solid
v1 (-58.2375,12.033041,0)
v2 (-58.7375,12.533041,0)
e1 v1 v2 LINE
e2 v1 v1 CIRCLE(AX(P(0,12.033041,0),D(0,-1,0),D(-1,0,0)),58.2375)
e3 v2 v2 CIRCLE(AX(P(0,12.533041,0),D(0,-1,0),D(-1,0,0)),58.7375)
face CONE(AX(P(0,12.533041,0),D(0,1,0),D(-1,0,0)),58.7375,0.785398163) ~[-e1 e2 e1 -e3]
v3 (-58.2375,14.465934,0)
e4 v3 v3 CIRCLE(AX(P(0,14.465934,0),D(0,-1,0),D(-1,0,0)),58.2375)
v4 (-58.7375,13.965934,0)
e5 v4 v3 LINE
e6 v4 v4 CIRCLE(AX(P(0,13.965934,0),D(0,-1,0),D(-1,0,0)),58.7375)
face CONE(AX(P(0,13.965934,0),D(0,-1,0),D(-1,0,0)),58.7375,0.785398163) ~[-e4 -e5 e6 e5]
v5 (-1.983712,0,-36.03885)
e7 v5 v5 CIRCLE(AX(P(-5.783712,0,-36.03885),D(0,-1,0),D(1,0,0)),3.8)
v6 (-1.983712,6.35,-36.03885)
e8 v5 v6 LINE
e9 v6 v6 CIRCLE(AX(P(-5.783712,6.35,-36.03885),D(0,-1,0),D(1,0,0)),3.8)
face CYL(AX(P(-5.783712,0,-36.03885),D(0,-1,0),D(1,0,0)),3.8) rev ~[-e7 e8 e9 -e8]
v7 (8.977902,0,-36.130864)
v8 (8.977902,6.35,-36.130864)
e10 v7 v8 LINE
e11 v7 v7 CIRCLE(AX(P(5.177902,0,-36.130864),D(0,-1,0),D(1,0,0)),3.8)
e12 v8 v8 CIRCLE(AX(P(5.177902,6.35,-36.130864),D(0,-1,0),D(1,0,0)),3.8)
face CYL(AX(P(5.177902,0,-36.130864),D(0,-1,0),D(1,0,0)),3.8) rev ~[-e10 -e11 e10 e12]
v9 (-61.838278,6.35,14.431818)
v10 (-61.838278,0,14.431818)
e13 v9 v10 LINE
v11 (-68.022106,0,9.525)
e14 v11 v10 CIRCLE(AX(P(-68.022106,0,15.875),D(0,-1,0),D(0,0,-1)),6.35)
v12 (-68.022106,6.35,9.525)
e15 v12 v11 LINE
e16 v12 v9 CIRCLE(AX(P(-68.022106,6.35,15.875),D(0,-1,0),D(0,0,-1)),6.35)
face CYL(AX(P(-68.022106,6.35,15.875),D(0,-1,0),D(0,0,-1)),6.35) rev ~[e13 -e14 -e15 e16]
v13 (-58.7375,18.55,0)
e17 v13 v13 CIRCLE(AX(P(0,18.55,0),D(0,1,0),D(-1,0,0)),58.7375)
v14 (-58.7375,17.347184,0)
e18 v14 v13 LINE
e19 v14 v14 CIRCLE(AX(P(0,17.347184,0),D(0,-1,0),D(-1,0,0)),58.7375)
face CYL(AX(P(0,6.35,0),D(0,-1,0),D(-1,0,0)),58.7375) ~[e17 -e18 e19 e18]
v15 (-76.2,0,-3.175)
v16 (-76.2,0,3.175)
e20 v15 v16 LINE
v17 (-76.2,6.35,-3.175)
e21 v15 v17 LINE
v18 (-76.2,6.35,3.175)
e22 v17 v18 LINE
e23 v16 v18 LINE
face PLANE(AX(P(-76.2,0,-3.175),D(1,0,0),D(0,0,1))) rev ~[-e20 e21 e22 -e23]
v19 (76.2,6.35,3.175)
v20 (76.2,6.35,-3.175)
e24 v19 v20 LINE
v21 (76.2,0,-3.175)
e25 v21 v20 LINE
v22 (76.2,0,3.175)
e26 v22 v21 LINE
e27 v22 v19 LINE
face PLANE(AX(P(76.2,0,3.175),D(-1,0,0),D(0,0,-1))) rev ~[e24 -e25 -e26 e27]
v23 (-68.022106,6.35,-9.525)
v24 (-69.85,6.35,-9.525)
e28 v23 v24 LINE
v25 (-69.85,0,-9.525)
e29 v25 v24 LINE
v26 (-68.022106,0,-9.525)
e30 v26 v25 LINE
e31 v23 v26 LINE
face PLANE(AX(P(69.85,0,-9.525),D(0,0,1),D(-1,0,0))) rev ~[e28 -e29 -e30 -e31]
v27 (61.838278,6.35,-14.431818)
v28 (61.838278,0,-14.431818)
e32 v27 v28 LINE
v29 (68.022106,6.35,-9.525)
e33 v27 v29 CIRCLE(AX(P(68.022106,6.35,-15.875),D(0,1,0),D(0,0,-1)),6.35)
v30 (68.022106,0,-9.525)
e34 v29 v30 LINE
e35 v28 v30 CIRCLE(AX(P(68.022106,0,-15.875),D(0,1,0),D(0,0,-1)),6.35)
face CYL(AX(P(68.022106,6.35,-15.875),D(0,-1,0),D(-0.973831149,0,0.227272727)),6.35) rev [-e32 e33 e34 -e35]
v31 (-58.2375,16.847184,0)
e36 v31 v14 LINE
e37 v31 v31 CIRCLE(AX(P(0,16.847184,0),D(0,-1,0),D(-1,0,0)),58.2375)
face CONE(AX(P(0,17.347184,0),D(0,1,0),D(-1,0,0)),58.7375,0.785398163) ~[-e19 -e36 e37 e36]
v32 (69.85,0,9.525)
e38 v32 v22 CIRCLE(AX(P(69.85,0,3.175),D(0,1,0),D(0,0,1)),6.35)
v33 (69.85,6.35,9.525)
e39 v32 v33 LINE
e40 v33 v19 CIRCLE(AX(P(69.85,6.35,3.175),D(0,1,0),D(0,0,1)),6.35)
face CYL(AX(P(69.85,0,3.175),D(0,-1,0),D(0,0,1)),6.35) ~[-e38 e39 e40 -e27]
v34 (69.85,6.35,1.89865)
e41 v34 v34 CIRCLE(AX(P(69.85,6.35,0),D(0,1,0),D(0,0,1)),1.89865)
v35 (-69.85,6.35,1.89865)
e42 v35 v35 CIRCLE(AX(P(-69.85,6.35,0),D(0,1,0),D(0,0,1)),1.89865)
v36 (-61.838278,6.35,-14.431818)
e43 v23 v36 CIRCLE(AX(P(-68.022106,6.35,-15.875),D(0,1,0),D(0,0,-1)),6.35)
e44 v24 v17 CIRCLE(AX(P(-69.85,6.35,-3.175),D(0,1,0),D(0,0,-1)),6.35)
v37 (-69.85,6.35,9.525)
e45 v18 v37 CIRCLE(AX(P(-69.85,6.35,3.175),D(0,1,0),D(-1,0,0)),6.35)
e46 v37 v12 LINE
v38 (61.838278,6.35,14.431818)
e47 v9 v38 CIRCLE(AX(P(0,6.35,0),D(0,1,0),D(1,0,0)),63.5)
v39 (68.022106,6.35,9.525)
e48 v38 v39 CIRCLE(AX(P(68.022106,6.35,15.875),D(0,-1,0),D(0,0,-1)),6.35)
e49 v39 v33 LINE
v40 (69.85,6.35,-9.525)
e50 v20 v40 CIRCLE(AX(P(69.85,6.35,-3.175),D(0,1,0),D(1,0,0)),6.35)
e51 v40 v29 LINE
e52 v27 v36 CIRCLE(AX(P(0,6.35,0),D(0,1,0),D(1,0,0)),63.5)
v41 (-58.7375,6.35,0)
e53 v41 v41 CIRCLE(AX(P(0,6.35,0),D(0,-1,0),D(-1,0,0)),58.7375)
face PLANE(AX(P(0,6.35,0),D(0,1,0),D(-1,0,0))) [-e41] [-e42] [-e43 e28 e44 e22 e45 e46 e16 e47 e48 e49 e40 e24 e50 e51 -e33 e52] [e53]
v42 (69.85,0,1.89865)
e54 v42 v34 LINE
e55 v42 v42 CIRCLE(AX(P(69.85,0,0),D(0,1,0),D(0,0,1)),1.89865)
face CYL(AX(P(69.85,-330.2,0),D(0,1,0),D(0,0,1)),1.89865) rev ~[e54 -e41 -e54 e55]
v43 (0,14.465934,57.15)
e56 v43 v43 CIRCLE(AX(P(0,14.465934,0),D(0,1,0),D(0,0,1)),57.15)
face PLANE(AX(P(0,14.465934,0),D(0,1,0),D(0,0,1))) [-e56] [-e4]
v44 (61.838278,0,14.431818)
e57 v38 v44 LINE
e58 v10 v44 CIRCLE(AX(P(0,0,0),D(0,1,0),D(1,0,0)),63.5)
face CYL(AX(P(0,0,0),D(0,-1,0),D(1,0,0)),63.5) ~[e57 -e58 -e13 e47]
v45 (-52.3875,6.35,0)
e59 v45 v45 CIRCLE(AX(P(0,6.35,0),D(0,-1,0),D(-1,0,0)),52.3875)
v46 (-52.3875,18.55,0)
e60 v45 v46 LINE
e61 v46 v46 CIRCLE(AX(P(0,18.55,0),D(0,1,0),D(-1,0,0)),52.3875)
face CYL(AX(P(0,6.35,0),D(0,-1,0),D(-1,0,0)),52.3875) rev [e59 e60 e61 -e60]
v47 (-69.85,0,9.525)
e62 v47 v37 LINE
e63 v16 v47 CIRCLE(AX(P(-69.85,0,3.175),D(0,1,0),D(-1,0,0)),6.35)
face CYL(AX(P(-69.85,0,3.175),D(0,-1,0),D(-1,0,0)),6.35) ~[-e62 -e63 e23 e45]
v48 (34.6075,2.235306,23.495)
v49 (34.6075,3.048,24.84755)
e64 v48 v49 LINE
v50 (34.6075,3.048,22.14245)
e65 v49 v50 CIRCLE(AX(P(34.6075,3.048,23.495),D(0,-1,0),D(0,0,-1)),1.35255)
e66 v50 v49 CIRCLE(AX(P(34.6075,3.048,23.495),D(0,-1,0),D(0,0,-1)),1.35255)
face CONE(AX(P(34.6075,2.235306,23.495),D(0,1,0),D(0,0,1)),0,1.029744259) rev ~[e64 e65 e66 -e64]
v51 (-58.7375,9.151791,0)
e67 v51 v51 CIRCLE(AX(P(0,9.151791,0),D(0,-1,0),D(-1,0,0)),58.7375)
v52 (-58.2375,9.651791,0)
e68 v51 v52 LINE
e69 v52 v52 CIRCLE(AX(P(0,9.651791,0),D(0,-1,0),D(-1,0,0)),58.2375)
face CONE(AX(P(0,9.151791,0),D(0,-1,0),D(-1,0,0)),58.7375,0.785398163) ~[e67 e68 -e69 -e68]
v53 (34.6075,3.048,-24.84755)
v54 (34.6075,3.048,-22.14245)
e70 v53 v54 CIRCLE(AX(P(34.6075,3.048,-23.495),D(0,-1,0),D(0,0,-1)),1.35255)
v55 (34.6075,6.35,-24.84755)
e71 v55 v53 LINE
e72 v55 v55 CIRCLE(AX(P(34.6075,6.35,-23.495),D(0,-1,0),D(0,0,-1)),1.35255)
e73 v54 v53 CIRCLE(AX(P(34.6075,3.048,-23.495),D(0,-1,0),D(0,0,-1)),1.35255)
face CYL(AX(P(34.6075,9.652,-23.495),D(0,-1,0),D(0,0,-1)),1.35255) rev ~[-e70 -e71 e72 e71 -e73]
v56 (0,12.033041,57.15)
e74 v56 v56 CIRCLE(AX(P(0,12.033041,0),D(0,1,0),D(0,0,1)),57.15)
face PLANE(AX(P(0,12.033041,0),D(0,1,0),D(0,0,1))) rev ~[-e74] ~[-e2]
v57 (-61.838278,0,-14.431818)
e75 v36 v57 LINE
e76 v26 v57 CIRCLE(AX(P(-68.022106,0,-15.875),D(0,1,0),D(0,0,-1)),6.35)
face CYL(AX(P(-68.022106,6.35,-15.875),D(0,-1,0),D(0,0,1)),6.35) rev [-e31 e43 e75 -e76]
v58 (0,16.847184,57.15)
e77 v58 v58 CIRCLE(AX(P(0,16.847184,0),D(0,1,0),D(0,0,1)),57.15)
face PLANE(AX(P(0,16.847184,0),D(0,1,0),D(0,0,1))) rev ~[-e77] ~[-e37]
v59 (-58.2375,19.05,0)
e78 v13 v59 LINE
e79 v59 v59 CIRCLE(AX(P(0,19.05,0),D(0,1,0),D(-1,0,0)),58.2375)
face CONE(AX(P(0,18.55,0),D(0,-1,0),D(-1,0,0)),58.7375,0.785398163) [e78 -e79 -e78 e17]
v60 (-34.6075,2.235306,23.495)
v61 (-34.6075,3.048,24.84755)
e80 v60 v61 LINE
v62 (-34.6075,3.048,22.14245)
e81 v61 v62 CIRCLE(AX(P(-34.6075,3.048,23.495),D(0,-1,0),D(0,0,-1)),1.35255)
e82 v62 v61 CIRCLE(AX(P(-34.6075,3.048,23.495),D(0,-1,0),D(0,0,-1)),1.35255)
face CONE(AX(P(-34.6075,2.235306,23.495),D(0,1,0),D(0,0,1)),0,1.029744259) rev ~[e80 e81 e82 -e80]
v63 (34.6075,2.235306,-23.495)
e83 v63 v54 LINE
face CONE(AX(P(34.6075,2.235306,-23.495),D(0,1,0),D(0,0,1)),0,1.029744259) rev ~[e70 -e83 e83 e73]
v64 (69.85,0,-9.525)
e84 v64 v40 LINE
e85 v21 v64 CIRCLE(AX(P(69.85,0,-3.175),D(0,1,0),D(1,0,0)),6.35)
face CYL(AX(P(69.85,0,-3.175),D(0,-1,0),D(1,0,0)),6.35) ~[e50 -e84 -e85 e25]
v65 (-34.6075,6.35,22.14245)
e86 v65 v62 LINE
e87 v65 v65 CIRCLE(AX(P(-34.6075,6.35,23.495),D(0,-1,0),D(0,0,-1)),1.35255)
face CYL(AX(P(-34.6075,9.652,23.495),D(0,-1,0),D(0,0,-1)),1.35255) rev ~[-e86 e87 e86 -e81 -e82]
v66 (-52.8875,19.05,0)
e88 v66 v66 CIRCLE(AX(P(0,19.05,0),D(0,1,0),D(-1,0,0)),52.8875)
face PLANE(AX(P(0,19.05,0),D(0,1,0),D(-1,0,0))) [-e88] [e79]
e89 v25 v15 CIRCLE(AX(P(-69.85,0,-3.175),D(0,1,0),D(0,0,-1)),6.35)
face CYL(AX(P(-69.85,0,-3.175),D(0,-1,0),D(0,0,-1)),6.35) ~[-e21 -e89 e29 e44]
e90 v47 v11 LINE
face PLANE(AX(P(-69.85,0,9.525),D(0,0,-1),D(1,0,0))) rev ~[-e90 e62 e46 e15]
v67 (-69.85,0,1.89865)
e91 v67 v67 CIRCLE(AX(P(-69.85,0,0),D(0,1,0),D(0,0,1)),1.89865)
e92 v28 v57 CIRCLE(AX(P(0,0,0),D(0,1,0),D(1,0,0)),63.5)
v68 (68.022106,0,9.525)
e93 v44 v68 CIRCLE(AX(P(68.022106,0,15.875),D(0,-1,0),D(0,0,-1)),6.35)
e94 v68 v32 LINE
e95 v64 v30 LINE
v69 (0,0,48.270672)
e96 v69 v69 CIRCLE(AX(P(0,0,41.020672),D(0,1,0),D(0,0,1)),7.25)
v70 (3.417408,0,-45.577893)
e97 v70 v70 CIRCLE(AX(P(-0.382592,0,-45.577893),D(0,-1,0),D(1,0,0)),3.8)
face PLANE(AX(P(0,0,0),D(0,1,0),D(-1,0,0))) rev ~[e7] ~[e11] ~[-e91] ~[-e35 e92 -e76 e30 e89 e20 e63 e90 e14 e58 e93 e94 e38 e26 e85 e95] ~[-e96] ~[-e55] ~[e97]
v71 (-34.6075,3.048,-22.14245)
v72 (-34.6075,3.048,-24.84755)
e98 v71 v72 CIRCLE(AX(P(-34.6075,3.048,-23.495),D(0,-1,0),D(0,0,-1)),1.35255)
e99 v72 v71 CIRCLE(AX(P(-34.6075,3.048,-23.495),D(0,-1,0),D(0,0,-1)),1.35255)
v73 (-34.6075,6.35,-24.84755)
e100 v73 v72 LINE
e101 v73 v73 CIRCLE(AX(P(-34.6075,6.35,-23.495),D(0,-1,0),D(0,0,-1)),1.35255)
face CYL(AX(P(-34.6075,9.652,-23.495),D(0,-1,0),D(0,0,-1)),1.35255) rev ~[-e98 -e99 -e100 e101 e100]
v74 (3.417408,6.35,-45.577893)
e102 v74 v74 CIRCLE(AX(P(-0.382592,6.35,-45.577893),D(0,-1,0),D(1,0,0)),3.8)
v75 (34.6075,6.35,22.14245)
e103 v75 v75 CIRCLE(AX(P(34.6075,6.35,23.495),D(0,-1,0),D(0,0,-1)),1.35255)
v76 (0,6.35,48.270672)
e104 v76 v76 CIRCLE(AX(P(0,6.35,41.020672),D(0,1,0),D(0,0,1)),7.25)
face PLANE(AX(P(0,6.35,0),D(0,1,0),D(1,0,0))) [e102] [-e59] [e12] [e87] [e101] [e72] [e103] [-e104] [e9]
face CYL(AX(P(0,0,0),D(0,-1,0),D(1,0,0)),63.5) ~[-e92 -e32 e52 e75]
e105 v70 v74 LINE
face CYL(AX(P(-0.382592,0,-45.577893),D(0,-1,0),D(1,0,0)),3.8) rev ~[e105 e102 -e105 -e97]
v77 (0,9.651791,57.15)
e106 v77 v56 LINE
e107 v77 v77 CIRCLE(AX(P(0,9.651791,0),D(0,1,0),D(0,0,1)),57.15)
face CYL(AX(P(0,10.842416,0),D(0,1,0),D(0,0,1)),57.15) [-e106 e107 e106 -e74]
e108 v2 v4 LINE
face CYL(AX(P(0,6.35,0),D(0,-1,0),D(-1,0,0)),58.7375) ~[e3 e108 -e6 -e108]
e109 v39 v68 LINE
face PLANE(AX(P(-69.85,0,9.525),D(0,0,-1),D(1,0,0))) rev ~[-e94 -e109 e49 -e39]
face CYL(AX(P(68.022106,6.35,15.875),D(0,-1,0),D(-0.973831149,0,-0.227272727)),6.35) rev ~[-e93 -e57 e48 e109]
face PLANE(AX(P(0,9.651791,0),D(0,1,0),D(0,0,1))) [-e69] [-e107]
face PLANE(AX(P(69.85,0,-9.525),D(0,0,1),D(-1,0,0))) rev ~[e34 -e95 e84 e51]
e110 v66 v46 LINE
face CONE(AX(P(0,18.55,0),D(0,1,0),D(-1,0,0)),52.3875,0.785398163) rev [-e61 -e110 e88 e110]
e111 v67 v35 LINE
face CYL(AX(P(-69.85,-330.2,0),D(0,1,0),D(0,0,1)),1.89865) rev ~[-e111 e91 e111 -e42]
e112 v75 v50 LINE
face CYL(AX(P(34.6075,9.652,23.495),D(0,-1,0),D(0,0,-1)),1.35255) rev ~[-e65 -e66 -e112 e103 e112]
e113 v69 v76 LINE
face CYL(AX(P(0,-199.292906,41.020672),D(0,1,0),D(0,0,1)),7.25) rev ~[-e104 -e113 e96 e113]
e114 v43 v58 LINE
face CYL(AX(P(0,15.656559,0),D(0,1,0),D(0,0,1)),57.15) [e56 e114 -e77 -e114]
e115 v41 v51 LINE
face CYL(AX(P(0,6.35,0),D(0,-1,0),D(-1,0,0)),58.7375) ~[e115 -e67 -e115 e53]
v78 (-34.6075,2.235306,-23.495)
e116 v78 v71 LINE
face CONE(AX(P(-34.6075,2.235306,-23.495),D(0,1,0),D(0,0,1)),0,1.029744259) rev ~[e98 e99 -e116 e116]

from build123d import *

# Parameters (mm, degrees)
SKETCH1_R                   = 63.5
EXTRUDE1_DEPTH              = 6.35
SKETCH2_R                   = 58.7375
SKETCH2_R_2                 = 52.3875
EXTRUDE2_DEPTH              = 12.7
SKETCH3_W                   = 1.5875
SKETCH3_H                   = 2.38125
CHAMFER1_SIZE               = 0.5
EXTRUDE3_DEPTH              = 6.35
SKETCH4_R                   = 3.799999998
CUT_EXTRUDE1_DEPTH          = 12.7
F_6_CLEARANCE_HOLE1_D       = 3.7973
F_6_CLEARANCE_HOLE1_DEPTH   = 330.2
F_6_CLEARANCE_HOLE1_TIP     = 1.140824014
FILLET1_R                   = 6.35
M14_5_14_5_DIAMETER_HOLE1_D = 14.5
TAP_DRILL_FOR_6_TAP1_D      = 2.7051
TAP_DRILL_FOR_6_TAP1_DEPTH  = 3.302
TAP_DRILL_FOR_6_TAP1_TIP    = 0.81269403


with BuildPart() as part:
    # Sketch1 → Extrude1 (new body)
    with BuildSketch(Plane(origin=(0, 0, 0), x_dir=(1, 0, 0), z_dir=(0, 1, 0))):
        Circle(SKETCH1_R)
    extrude(amount=EXTRUDE1_DEPTH)

    # Sketch2 → Extrude2 (add)
    with BuildSketch(Plane(origin=(0, 6.35, 0), x_dir=(-1, 0, 0), z_dir=(0, 1, 0))):
        Circle(SKETCH2_R)
        Circle(SKETCH2_R_2, mode=Mode.SUBTRACT)
    extrude(amount=EXTRUDE2_DEPTH)

    # Sketch3 → Cut-Revolve1 (revolve, cut)
    with BuildSketch(Plane(origin=(0, 0, 0), x_dir=(0, 0, -1), z_dir=(1, 0, 0))):
        with Locations((-57.94375, 15.656558664)):
            Rectangle(SKETCH3_W, SKETCH3_H)
        with Locations((-57.94375, 10.842416167)):
            Rectangle(SKETCH3_W, SKETCH3_H)
    revolve(axis=Axis((0, 0, 0), (0, 1, 0)), mode=Mode.SUBTRACT)

    # Chamfer1
    chamfer1_edges = [part.edges().sort_by_distance(p)[0] for p in [
        (58.7375, 16.847183664, 0),
        (58.7375, 14.465933664, 0),
        (58.7375, 12.033041167, 0),
        (58.7375, 9.651791167, 0),
        (58.7375, 19.05, 0),
        (52.3875, 19.05, 0),
    ]]
    chamfer(chamfer1_edges, length=CHAMFER1_SIZE)

    # Sketch5 → Extrude3 (add)
    with BuildSketch(Plane.XZ):
        with BuildLine():
            Line((-69.85, 9.525), (69.85, 9.525))
            ThreePointArc((69.85, 9.525), (74.340128061, 7.665128061), (76.2, 3.175))
            Line((76.2, 3.175), (76.2, -3.175))
            ThreePointArc((76.2, -3.175), (74.340128061, -7.665128061), (69.85, -9.525))
            Line((69.85, -9.525), (-69.85, -9.525))
            ThreePointArc((-69.85, -9.525), (-74.340128061, -7.665128061), (-76.2, -3.175))
            Line((-76.2, -3.175), (-76.2, 3.175))
            ThreePointArc((-76.2, 3.175), (-74.340128061, 7.665128061), (-69.85, 9.525))
        make_face()
    extrude(amount=-EXTRUDE3_DEPTH)

    # Sketch4 → Cut-Extrude1 (cut)
    with BuildSketch(Plane.XZ):
        with Locations((-5.783711742, -36.038849572)):
            Circle(SKETCH4_R)
        with Locations((-0.38259163, -45.577892791)):
            Circle(SKETCH4_R)
        with Locations((5.17790207, -36.130863955)):
            Circle(SKETCH4_R)
    extrude(amount=-CUT_EXTRUDE1_DEPTH, mode=Mode.SUBTRACT)

    # #6 Clearance Hole1
    with Locations(Plane(origin=(-69.85, 0, 0), x_dir=(0, 0, -1), z_dir=(0, -1, 0))):
        with Locations((0, 0), (0, 139.7)):
            Hole(F_6_CLEARANCE_HOLE1_D / 2, depth=F_6_CLEARANCE_HOLE1_DEPTH)
            with Locations((0, 0, -(F_6_CLEARANCE_HOLE1_DEPTH + F_6_CLEARANCE_HOLE1_TIP / 2))):  # 118° drill point
                Cone(0, F_6_CLEARANCE_HOLE1_D / 2, F_6_CLEARANCE_HOLE1_TIP, mode=Mode.SUBTRACT)

    # Fillet1
    fillet1_edges = [part.edges().sort_by_distance(p)[0] for p in [
        (62.781560788, 3.175, -9.525),
        (-62.781560788, 3.175, -9.525),
        (-62.781560788, 3.175, 9.525),
        (62.781560788, 3.175, 9.525),
    ]]
    fillet(fillet1_edges, radius=FILLET1_R)

    # M14.5 (14.5) Diameter Hole1 (through all)
    with Locations(Plane(origin=(0, 0, 41.020671835), x_dir=(0, 0, -1), z_dir=(0, -1, 0))):
        with Locations((0, 0)):
            Hole(M14_5_14_5_DIAMETER_HOLE1_D / 2)

    # Tap Drill for #6 Tap1
    with Locations(Plane(origin=(-34.6075, 6.35, -23.495), x_dir=(0, 0, 1), z_dir=(0, 1, 0))):
        with Locations((0, 0), (46.99, 0), (46.99, 69.215), (0, 69.215)):
            Hole(TAP_DRILL_FOR_6_TAP1_D / 2, depth=TAP_DRILL_FOR_6_TAP1_DEPTH)
            with Locations((0, 0, -(TAP_DRILL_FOR_6_TAP1_DEPTH + TAP_DRILL_FOR_6_TAP1_TIP / 2))):  # 118° drill point
                Cone(0, TAP_DRILL_FOR_6_TAP1_D / 2, TAP_DRILL_FOR_6_TAP1_TIP, mode=Mode.SUBTRACT)


solid = part.part
